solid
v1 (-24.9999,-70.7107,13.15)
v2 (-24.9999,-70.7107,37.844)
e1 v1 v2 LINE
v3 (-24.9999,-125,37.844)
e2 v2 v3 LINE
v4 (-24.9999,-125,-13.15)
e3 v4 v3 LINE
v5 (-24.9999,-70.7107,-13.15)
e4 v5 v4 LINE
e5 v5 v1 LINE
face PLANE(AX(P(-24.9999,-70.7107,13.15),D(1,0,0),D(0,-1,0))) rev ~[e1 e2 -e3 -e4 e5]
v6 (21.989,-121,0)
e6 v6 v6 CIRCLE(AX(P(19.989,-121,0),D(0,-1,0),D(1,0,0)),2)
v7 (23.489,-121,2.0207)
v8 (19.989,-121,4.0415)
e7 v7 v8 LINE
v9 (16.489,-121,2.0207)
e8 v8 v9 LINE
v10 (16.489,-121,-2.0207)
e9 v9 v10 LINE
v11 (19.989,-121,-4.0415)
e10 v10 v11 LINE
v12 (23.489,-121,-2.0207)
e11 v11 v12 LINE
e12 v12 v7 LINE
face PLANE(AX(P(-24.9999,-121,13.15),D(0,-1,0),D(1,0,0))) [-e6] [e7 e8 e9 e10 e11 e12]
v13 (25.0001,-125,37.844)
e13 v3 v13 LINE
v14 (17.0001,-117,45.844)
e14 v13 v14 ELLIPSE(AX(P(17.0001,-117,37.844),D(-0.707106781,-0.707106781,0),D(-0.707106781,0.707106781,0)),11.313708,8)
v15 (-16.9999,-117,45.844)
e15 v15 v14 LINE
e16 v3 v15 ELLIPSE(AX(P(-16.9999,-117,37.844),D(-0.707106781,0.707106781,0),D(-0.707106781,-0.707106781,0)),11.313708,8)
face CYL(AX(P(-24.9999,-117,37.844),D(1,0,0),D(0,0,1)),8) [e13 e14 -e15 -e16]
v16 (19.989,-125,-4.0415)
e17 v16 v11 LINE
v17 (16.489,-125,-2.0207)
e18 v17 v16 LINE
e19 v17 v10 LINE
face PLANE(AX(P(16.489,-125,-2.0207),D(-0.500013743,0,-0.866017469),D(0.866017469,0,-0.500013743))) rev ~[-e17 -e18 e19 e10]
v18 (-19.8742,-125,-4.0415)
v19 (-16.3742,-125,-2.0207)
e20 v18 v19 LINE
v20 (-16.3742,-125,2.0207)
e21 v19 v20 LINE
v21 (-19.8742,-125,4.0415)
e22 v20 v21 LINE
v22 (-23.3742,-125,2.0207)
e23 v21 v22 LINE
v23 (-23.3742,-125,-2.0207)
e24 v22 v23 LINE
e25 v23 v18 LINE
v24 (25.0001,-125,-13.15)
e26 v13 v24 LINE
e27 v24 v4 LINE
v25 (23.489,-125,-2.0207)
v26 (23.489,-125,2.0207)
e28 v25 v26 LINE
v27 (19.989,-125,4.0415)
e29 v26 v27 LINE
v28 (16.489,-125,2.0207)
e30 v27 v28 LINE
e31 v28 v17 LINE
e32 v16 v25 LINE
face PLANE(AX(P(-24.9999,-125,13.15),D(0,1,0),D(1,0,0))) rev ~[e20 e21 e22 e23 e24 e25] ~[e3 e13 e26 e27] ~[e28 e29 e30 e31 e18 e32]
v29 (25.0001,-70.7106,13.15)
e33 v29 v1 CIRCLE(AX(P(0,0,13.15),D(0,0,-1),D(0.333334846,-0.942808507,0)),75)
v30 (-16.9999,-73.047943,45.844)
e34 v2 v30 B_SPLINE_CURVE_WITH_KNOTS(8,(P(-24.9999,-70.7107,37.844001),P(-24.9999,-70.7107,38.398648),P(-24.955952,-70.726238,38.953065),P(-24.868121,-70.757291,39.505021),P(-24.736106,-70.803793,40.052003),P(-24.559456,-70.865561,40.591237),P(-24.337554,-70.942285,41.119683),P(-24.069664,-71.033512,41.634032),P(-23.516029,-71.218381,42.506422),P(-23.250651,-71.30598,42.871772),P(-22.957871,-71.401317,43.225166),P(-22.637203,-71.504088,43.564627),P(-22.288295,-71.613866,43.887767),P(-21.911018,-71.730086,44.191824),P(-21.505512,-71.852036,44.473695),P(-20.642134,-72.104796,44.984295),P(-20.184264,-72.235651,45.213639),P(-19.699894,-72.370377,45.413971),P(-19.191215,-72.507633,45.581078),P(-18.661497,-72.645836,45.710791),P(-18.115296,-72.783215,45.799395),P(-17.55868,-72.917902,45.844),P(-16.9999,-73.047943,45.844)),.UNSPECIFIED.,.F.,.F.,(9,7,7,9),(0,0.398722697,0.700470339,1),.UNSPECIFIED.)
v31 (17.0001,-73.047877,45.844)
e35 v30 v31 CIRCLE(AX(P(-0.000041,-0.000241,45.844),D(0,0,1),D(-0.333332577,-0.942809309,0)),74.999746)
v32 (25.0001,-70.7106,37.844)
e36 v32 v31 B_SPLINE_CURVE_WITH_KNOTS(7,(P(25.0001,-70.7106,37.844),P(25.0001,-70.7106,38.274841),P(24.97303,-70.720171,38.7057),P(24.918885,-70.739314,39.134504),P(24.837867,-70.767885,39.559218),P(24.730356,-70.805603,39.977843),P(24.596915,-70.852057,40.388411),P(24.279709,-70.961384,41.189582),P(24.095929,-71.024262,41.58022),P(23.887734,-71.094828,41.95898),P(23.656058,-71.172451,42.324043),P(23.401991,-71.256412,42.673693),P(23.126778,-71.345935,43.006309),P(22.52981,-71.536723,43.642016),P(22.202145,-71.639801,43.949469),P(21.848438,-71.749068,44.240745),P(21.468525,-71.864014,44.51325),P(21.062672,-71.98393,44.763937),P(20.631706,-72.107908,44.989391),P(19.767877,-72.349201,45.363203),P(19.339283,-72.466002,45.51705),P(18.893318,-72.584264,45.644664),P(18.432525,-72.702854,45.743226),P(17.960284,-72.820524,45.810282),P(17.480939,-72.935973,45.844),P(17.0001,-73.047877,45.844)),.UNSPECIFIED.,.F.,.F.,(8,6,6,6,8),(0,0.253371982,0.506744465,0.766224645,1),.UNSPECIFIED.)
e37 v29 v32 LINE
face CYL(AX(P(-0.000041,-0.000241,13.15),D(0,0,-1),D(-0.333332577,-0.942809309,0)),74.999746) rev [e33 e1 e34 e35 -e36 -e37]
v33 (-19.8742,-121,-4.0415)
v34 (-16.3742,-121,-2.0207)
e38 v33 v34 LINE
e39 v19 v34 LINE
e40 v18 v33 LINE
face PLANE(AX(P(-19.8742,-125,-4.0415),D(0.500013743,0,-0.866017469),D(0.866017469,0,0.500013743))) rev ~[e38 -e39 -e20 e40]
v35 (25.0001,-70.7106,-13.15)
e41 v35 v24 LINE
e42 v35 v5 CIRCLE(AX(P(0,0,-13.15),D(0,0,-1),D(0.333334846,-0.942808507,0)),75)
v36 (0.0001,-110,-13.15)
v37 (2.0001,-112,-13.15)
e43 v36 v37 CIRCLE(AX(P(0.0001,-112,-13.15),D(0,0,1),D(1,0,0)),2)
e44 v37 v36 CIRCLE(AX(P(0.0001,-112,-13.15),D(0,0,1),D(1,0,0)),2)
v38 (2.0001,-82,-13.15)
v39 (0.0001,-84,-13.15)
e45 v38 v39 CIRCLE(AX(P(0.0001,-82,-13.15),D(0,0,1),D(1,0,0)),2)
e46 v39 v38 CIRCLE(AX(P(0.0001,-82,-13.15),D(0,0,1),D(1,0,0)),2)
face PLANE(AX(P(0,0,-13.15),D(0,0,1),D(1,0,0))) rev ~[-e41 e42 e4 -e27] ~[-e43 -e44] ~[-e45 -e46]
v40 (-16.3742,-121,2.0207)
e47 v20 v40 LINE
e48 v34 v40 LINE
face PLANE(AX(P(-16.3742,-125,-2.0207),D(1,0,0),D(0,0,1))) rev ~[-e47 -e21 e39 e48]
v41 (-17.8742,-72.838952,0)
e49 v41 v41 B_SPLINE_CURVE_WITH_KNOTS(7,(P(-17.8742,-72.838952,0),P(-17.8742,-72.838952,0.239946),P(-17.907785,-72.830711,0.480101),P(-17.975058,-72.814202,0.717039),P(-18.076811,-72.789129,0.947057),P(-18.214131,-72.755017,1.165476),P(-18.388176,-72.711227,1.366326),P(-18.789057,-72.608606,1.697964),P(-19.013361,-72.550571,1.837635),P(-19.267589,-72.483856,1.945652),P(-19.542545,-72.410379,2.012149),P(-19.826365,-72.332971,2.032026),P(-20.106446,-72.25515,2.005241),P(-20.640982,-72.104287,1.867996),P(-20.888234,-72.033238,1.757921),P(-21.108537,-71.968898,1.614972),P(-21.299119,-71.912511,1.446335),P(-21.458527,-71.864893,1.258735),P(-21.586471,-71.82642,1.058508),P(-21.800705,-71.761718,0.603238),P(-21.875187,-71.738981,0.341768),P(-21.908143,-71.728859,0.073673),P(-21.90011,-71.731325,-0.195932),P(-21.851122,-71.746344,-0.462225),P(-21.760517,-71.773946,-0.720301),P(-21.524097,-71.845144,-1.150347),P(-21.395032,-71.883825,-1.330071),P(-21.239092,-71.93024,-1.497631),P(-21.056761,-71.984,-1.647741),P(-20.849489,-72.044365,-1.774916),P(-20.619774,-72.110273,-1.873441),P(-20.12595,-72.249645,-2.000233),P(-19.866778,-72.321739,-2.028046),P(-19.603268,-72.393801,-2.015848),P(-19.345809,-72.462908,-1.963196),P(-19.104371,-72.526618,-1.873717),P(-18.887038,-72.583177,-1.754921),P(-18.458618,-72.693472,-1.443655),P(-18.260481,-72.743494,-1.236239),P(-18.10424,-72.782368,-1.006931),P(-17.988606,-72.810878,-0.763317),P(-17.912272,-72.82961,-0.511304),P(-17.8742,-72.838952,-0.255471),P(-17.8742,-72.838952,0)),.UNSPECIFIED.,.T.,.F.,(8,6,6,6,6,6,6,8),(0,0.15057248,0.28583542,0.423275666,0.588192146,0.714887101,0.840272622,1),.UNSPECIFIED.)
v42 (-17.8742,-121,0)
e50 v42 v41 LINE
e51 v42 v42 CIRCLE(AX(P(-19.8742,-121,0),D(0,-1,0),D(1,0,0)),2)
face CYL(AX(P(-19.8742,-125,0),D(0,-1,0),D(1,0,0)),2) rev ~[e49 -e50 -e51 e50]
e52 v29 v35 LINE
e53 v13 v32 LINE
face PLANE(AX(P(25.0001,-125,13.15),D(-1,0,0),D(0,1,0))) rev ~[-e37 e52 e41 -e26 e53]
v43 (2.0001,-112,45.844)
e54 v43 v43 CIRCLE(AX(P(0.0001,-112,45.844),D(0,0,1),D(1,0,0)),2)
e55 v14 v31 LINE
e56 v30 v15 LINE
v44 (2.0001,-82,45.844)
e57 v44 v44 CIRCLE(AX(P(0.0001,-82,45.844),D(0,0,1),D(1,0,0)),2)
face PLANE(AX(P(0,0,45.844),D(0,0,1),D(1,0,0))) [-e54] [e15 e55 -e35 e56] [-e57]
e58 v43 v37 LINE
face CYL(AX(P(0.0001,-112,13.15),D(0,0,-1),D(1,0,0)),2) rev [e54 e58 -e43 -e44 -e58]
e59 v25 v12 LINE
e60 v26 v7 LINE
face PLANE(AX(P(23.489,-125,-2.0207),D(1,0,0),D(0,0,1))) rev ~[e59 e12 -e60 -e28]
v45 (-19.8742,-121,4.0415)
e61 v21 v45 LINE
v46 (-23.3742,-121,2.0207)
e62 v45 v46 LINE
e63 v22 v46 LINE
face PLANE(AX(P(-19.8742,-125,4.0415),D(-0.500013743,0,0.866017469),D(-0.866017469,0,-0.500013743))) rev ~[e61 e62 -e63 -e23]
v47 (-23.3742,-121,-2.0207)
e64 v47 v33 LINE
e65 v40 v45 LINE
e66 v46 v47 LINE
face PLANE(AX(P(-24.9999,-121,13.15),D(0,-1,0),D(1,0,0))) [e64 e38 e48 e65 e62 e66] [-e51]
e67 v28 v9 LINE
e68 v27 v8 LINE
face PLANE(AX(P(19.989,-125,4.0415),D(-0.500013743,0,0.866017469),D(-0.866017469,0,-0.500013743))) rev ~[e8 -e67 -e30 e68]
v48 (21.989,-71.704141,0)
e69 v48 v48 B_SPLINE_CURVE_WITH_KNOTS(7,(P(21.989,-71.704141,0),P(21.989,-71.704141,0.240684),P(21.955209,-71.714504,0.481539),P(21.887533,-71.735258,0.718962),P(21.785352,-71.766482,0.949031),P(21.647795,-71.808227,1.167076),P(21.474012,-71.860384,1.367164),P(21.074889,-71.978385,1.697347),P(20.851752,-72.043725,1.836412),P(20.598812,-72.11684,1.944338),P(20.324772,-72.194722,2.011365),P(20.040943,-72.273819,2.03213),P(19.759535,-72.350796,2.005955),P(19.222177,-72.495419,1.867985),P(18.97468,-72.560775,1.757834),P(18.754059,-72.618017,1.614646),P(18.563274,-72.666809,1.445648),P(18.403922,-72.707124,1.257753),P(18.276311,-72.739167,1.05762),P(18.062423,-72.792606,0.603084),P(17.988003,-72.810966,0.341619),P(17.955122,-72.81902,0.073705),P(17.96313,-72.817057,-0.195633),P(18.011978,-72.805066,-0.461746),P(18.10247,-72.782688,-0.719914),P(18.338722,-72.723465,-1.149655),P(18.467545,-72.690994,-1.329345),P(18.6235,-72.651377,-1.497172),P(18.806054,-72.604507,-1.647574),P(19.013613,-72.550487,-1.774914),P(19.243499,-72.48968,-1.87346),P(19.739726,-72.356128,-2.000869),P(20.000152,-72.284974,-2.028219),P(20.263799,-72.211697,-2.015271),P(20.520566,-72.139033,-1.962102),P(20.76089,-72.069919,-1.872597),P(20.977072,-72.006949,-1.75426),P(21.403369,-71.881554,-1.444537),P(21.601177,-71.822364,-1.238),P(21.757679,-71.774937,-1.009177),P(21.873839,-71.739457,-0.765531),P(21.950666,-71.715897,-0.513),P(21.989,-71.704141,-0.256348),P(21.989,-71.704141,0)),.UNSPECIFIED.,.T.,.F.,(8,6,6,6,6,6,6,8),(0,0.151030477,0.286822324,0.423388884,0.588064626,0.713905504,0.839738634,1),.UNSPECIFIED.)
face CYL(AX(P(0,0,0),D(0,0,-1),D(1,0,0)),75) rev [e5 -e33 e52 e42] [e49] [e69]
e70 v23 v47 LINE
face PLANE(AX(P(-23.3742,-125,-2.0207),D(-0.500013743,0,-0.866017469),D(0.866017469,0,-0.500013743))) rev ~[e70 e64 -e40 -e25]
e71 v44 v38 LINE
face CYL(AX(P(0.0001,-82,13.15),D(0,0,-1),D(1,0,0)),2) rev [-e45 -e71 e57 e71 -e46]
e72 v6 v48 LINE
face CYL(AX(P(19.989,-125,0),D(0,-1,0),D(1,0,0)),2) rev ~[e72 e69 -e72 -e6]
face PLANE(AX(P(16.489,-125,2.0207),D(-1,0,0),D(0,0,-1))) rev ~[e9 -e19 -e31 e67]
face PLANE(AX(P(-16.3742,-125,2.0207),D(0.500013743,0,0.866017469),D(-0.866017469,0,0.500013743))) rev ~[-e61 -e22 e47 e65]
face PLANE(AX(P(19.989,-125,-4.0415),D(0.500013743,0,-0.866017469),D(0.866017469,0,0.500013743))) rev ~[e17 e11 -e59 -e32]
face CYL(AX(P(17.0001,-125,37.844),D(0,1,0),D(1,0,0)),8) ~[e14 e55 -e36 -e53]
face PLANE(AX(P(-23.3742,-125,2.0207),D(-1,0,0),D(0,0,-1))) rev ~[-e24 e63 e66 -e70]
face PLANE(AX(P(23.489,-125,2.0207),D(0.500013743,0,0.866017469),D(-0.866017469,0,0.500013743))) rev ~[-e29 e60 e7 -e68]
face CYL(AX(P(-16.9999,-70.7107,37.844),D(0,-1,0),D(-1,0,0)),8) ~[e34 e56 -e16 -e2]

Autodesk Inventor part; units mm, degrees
ref_plane "YZ Plane" through (0, 0, 0) normal (1, 0, 0) x (0, 1, 0)
ref_plane "XZ Plane" through (0, 0, 0) normal (0, 1, 0) x (-1, 0, 0)
sketch "Sketch3" plane through (0, 0, 0) normal (0, 1, 0) x (-1, 0, 0)
  line L0 (0, 0) -> (0, 31.5556)
sketch "Sketch1" plane through (0, 0, 0) normal (0, 0, 1) x (1, 0, 0)
  circle A0 centre (0, 0) radius 75
  circle A1 centre (63.483, 20.6269) radius 6 construction
  circle A2 centre (-63.483, -20.6269) radius 6 construction
  circle A3 centre (0, 0) radius 69 construction
  line L0 (0, 0) -> (0.0001, -211.0949) construction
  arc A4 (-59.7327, 15.2299) -> (-60.2661, -15.5622) centre (-48.002, -0.374) ccw construction
  line L1 (0.2505, 0.4177) -> (-45.224, -139.5383) construction
  line L2 (-0.1358, 0.4177) -> (49.2707, -151.6398) construction
  line L3 (0, 0) -> (0.0001, -82)
  line L4 (0.0001, -82) -> (0.0001, -112)
  circle A5 centre (0.0001, -82) radius 2
  circle A6 centre (0.0001, -112) radius 2
  line L5 (0.0001, -82) -> (25.0001, -82)
  line L6 (0.0001, -82) -> (-24.9999, -82)
  line L7 (25.0001, -112) -> (25.0001, -70.7106)
  line L8 (-24.9999, -112) -> (-24.9999, -70.7107)
  line L9 (25.0001, -125) -> (25.0001, -112)
  line L10 (25.0001, -125) -> (-24.9999, -125)
  line L11 (-24.9999, -125) -> (-24.9999, -112)
  point P0 (56.6452, 18.2098)
  point P1 (56.6452, 18.2098)
  point P2 (57.7767, 18.7728)
  point P3 (56.6452, 18.2098)
  point P4 (57.7767, 18.7728)
  point P5 (56.6794, 18.5913)
  point P6 (-19.8743, -61.5198)
  point P7 (19.9889, -61.5198)
  point P8 (19.9889, -61.5198)
  point P9 (0.0001, -75)
  dimension "d19" = 12
  dimension "d66" = 12
  dimension "d4" = 150
  dimension "d59" = 66.75
  dimension "d67" = 63.483
  dimension "d68" = 138
  dimension "d147" = 18
  dimension "d148" = 18
  dimension "d157" = 82
  dimension "d158" = 30
  dimension "d159" = 4
  dimension "d160" = 4
  dimension "d161" = 25
  dimension "d162" = 25
  dimension "d163" = 25
  dimension "d164" = 25
  dimension "d165" = 50
ref_plane "Work Plane1" through (0, 0, 100) normal (0, 0, 1) x (1, 0, 0)
sketch "Sketch9" plane through (0, 0, 100) normal (0, 0, 1) x (1, 0, 0)
  circle A0 centre (0, 0) radius 75
  spline S0 degree 3 number of poles 235
  circle A1 centre (0, 0) radius 69
  line L0 (0, -270.1399) -> (0, 140.0417) construction
  line L1 (-118.2892, 0) -> (124.185, 0) construction
  point P0 (0, 0)
  point P1 (59.5, 0)
  point P2 (69, 0)
  dimension "d112" = 69
extrude "Extrusion7" [suppressed]
sketch "Sketch10" plane through (0, 0, 2.5) normal (0, 0, 1) x (1, 0, 0)
  circle A0 centre (69, 0) radius 1.5
  line L0 (71.75, -1.5877) -> (69, -3.1754)
  line L1 (69, -3.1754) -> (66.25, -1.5877)
  line L2 (66.25, -1.5877) -> (66.25, 1.5877)
  line L3 (66.25, 1.5877) -> (69, 3.1754)
  line L4 (69, 3.1754) -> (71.75, 1.5877)
  line L5 (71.75, 1.5877) -> (71.75, -1.5877)
  point P0 (0, 0)
  dimension "d115" = 3
  dimension "d118" = 5.5
extrude "Extrusion10" [suppressed]
pattern_circular "Circular Pattern4" [suppressed]
extrude "Extrusion8" [suppressed]
extrude "Extrusion9" [suppressed]
pattern_circular "Circular Pattern3" [suppressed]
extrude "Extrusion3" [suppressed]
sketch "Sketch12" plane through (0, 0, -13.15) normal (0, 0, -1) x (-1, 0, 0)
  circle A0 centre (0, 0) radius 69
  point P0 (-65.6229, -21.3222)
  dimension "d132" = 138
hole "Hole3" [suppressed]
pattern_circular "Circular Pattern5" [suppressed]
sketch "Sketch13" plane through (0, 0, 0) normal (0, 1, 0) x (-1, 0, 0)
  line L0 (-64.5572, 13.15) -> (64.4426, 13.15) projected
  line L1 (-64.5572, -13.15) -> (64.4426, -13.15) projected
  line L2 (75, 13.15) -> (-75, 13.15) projected
  line L3 (-23.4889, 2.0207) -> (-19.9889, 4.0415)
  line L4 (-19.9889, 4.0415) -> (-16.4889, 2.0207)
  line L5 (-16.4889, 2.0207) -> (-16.4889, -2.0207)
  line L6 (-16.4889, -2.0207) -> (-19.9889, -4.0415)
  line L7 (-19.9889, -4.0415) -> (-23.4889, -2.0207)
  line L8 (-23.4889, -2.0207) -> (-23.4889, 2.0207)
  line L9 (16.3743, 2.0207) -> (19.8743, 4.0415)
  line L10 (19.8743, 4.0415) -> (23.3743, 2.0207)
  line L11 (23.3743, 2.0207) -> (23.3743, -2.0207)
  line L12 (23.3743, -2.0207) -> (19.8743, -4.0415)
  line L13 (19.8743, -4.0415) -> (16.3743, -2.0207)
  line L14 (16.3743, -2.0207) -> (16.3743, 2.0207)
  circle A0 centre (19.8743, 0) radius 2
  circle A1 centre (-19.9889, 0) radius 2
  point P0 (0, 0)
  point P1 (-56.6452, 13.15)
  point P2 (-56.6452, -13.15)
  dimension "d149" = 7
  dimension "d150" = 7
  dimension "d153" = 4
  dimension "d154" = 4
extrude "Extrusion12" [suppressed]
extrude "Extrusion13" [suppressed]
extrude "Extrusion14" add sketch "Sketch1" along normal mid plane 26.3 contours A0 L3 A5 L6 L8 | L7 L5 A5 L3 A0 | L6 A5 L5 L7 L9 L10 L11 L8
sketch "Sketch14" plane through (-24.9999, -125, 13.15) normal (0, -1, 0) x (1, 0, 0)
  circle A0 centre (5.1257, -13.15) radius 2 projected
  line L0 (8.6257, -11.1293) -> (5.1257, -9.1085) projected
  line L1 (5.1257, -9.1085) -> (1.6257, -11.1293) projected
  line L2 (1.6257, -11.1293) -> (1.6257, -15.1707) projected
  line L3 (1.6257, -15.1707) -> (5.1257, -17.1915) projected
  line L4 (5.1257, -17.1915) -> (8.6257, -15.1707) projected
  line L5 (8.6257, -15.1707) -> (8.6257, -11.1293) projected
  line L6 (44.9889, -9.1085) -> (41.4889, -11.1293) projected
  circle A1 centre (44.9889, -13.15) radius 2 projected
  line L7 (48.4889, -11.1293) -> (44.9889, -9.1085) projected
  line L8 (48.4889, -15.1707) -> (48.4889, -11.1293) projected
  line L9 (44.9889, -17.1915) -> (48.4889, -15.1707) projected
  line L10 (41.4889, -15.1707) -> (44.9889, -17.1915) projected
  line L11 (41.4889, -11.1293) -> (41.4889, -15.1707) projected
  point P0 (24.9999, -13.15)
extrude "Extrusion15" cut sketch "Sketch14" against normal through all contours A0 | A1
extrude "Extrusion16" cut sketch "Sketch14" against normal blind 4 contours A0 | L5 L4 L3 L2 L1 L0 | L7 L8 L9 L10 L11 L6 | A1
sketch "Sketch15" plane through (0, 0, 13.15) normal (0, 0, 1) x (1, 0, 0)
  line L0 (-24.9999, -70.7107) -> (-24.9999, -125) projected
  line L1 (-24.9999, -125) -> (25.0001, -125) projected
  line L2 (25.0001, -125) -> (25.0001, -70.7106) projected
  arc A0 (-24.9999, -70.7107) -> (25.0001, -70.7106) centre (0, 0) ccw projected
  circle A1 centre (0.0001, -82) radius 2 projected
  circle A2 centre (0.0001, -112) radius 2 projected
  point P0 (0, 0)
  dimension "d99" = 156
extrude "Extrusion17" add sketch "Sketch15" along normal blind 32.694
fillet "Fillet2" radius 8 3 edges at (25.0001, -97.8553, 45.844) (-24.9999, -97.8554, 45.844) (0.0001, -125, 45.844)
sketch "Sketch8" plane through (0, 0, -13.15) normal (0, 0, -1) x (-1, 0, 0)
  circle A0 centre (0, 0) radius 78 projected
  arc A1 (-23.65, -105.9607) -> (-46.4722, -58.8671) centre (-83.65, -105.9607) ccw projected
  arc A2 (46.4722, -58.8671) -> (23.65, -105.9607) centre (83.65, -105.9607) ccw projected
  line L0 (23.65, -200) -> (23.65, -105.9607) projected
  line L1 (-23.65, -105.9607) -> (-23.65, -200) projected
  arc A3 (-23.65, -200) -> (23.65, -200) centre (0, -181.5425) ccw projected
  point P0 (36.3948, -68.9886)
  point P1 (-36.3948, -68.9886)
sketch "Sketch11" plane through (0, 0, 2.5) normal (0, 0, 1) x (1, 0, 0)
  circle A0 centre (0, 0) radius 11.25
  dimension "d129" = 22.5
equation "\"Axle_diameter\" = 6"
equation "\"Compensation\" = 0.45"
equation "\"Bearing_Outer_Hole_Location\" = 138"
equation "\"Printer_Gap_Fit\" = 0.1"
equation "\"Printer_Gap_Slide\" = 0.3"
equation "\"Bearing_Roller_Diameter\" = 8"
equation "\"Fastners_ScrewHeadThickness\" = 2"
equation "\"Fastners_OuterThicknessFromScrew\" = 5"
equation "\"Fastners_InnerThicknessFromScrew\" = 2"
equation "\"Fastners_OutputAxisHeadThickness\" = 2"
equation "\"Printer_HoleCompensation\" = 0"
equation "\"Bearing_Outer_Radius\" = 75"
equation "\"Bearing_Thicness_compensation\" = 0.27244"
equation "\"Bearing_To_12mm\" = 0.27244"
equation "\"Bearing_Inner_Hole_Location\" = 84"
equation "\"Housing_Outer_Hole_Location\" = 138"
equation "\"Bearing_Gap_Fit\" = 0.1"
equation "\"Bearing_Gap_Slide\" = 0.43"
equation "\"Bearing_ScrewHeadThickness\" = 2"
equation "\"Bearing_OuterThicknessFromScrew\" = 5"
equation "\"Bearing_InnerThicknessFromScrew\" = 2"
equation "\"Bearing_OutputAxisHeadThickness\" = 2"
equation "\"Bearing_HoleCompensation\" = 0.5"
equation "\"Roller_radius\" = 5"
equation "\"Pin_set_dimention\" = 22"
equation "\"Pin_bearing_outer_dimention\" = 22"
equation "\"Shaft_dimention\" = 2"
equation "\"Pin_bearing_inner_dimention\" = 3"
equation "\"Rotor_dimention\" = 125"
equation "\"Rotor_radius\" = 62.5"
equation "\"Outer_rotor_radius\" = 65"
equation "\"Output_hole_set_diameter\" = 24.5"
equation "\"Bearing_ScrewDiameter\" = 3.5"
equation "\"Bearing_ScrewHeadDiameter\" = 5.5"
equation "\"Bearing_OutputAxisHeadDiameter\" = 8.5"
equation "\"BearingHoleThrough\" = 12"
equation "\"Fastners_ScrewDiameter\" = 3"
equation "\"Bearing_OutputAxisDiameter\" = 6"
equation "\"Fastners_ScrewHeadDiameter\" = 5"
equation "\"Fastners_OutputAxisHeadDiameter\" = 12"
equation "\"BraceMountThickness\" = 47.3"
equation "\"R\" = 1"
equation "\"Rr\" = 1"
equation "\"Ece\" = 1"
equation "\"Num\" = 1"
equation "\"formula\" = 1"
properties part number "AttatchmentUpper" material "ABS Plastic"
